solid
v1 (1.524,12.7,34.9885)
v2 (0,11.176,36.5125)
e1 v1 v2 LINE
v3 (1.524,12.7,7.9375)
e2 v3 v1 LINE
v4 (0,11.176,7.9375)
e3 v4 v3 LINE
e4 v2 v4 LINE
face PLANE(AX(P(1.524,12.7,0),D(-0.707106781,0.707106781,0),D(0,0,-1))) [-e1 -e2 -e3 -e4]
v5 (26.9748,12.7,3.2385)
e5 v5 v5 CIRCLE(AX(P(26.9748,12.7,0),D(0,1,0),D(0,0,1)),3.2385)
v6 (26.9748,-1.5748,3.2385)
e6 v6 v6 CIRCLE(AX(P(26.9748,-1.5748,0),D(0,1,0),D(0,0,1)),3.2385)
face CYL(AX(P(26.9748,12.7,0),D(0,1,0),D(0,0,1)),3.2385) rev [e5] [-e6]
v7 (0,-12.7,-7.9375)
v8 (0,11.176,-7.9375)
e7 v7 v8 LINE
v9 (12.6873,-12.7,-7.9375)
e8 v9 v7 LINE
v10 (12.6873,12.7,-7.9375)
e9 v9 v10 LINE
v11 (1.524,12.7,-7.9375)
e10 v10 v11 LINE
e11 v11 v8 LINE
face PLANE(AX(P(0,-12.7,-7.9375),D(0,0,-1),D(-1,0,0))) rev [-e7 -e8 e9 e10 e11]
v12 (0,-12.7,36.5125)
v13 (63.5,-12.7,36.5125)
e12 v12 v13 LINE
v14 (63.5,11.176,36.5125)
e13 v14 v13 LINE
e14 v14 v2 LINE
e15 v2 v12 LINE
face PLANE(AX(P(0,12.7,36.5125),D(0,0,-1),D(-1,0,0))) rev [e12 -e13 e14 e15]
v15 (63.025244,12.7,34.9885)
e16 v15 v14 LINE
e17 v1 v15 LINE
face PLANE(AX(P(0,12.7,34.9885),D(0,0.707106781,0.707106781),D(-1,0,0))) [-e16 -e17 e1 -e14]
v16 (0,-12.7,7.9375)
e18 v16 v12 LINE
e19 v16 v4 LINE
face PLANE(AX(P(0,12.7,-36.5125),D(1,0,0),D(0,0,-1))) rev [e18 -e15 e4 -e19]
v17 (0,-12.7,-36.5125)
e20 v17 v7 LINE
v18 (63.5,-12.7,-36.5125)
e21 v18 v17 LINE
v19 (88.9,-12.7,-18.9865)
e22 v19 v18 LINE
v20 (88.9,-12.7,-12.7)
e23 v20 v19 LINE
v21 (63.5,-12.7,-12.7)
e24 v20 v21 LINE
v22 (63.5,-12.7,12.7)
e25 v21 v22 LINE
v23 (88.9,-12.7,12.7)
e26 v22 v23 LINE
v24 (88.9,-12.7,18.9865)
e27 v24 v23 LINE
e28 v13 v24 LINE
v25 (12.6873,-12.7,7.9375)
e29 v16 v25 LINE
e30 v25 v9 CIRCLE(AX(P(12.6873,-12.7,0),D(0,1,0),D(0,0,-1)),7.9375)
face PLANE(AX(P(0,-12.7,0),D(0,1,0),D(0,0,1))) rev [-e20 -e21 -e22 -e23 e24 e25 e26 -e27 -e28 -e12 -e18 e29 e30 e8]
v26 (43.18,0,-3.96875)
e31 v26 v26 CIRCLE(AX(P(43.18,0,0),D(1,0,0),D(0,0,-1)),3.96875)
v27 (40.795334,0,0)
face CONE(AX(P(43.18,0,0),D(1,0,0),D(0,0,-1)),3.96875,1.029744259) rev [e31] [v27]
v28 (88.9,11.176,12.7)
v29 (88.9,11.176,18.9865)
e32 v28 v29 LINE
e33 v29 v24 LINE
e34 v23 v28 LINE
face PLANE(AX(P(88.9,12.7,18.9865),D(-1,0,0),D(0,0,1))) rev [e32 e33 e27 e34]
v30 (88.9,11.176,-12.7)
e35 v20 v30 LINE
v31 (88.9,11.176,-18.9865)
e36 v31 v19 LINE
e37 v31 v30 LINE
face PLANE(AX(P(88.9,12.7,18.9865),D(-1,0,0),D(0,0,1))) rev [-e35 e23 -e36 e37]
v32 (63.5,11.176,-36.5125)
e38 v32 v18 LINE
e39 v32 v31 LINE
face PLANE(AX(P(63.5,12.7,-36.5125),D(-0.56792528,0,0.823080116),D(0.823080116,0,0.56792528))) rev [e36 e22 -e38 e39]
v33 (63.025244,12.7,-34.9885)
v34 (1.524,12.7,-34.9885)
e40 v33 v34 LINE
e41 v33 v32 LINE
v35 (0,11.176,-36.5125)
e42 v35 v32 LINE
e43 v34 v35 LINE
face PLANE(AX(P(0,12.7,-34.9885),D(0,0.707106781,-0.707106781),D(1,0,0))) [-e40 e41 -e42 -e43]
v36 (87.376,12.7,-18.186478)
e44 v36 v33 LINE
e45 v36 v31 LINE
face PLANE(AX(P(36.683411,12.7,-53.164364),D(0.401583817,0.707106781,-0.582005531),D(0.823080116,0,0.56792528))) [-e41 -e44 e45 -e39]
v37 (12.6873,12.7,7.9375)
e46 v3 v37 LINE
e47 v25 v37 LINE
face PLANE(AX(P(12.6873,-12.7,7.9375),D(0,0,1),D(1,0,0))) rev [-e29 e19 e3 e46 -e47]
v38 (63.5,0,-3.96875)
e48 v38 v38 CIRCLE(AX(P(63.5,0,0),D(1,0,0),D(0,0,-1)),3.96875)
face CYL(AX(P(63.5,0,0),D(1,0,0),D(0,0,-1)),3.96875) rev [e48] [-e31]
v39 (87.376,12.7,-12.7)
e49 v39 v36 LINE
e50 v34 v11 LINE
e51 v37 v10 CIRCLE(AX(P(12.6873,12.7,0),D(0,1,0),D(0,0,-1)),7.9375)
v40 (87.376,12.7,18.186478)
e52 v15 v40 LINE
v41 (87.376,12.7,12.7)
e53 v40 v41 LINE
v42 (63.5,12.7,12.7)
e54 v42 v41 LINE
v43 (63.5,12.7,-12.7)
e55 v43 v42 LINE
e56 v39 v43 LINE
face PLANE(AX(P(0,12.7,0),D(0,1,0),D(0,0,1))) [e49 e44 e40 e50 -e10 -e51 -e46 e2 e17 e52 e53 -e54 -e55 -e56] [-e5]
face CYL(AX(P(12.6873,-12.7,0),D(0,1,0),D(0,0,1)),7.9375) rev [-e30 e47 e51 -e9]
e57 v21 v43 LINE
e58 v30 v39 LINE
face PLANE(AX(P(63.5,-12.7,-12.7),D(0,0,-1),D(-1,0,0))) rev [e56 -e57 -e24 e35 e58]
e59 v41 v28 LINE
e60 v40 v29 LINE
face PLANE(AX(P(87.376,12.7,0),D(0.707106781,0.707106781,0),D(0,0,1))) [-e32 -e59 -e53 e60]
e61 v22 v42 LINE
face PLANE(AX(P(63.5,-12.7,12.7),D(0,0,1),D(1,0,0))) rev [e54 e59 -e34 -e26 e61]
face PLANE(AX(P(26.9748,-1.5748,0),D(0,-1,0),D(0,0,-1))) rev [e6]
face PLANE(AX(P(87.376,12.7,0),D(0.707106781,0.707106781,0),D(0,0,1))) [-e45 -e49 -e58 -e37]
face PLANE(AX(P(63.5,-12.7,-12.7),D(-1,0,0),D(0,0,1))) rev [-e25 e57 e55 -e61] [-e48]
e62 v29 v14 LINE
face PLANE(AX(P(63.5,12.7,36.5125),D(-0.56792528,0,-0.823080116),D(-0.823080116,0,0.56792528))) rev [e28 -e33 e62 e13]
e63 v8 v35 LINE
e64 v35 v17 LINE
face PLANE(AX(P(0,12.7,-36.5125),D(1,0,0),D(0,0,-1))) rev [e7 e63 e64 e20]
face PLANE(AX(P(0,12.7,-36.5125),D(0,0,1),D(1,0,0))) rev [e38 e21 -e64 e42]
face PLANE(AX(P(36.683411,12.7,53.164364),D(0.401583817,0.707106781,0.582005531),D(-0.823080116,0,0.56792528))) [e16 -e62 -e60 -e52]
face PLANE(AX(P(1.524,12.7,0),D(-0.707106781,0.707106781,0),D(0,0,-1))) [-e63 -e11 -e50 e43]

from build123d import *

# Parameters (mm, degrees)
BOSS_EXTRUDE2_DEPTH         = 12.7
SKETCH3_W                   = 25.4
SKETCH3_H                   = 25.4
CUT_EXTRUDE1_DEPTH          = 26.4
CUT_EXTRUDE3_DEPTH          = 26.4
HOLE1_D                     = 6.477
HOLE1_DEPTH                 = 14.2748
F_3_8_16_TAPPED_HOLE1_D     = 7.9375
F_3_8_16_TAPPED_HOLE1_DEPTH = 20.32
F_3_8_16_TAPPED_HOLE1_TIP   = 2.384665582
CHAMFER1_SIZE               = 1.524


with BuildPart() as part:
    # Sketch2 → Boss-Extrude2 (new body, symmetric)
    with BuildSketch(Plane(origin=(0, 0, 0), x_dir=(1, 0, 0), z_dir=(0, 1, 0))):
        Polygon((0, 36.5125), (0, -36.5125), (63.5, -36.5125), (88.9, -18.9865), (88.9, 18.9865), (63.5, 36.5125), align=None)
    extrude(amount=BOSS_EXTRUDE2_DEPTH, both=True)

    # Sketch3 → Cut-Extrude1 (cut, through all)
    with BuildSketch(Plane(origin=(0, 12.7, 0), x_dir=(1, 0, 0), z_dir=(0, 1, 0))):
        with Locations((76.2, 0)):
            Rectangle(SKETCH3_W, SKETCH3_H)
    extrude(amount=-CUT_EXTRUDE1_DEPTH, mode=Mode.SUBTRACT)

    # Sketch4 → Cut-Extrude3 (cut, through all)
    with BuildSketch(Plane(origin=(0, 12.7, 0), x_dir=(1, 0, 0), z_dir=(0, 1, 0))):
        with BuildLine():
            Line((0, 7.9375), (12.6873, 7.9375))
            ThreePointArc((12.6873, 7.9375), (20.6248, 0), (12.6873, -7.9375))
            Line((12.6873, -7.9375), (0, -7.9375))
            Line((0, -7.9375), (0, 7.9375))
        make_face()
    extrude(amount=-CUT_EXTRUDE3_DEPTH, mode=Mode.SUBTRACT)

    # Hole1
    with Locations(Plane(origin=(0, 12.7, 0), x_dir=(1, 0, 0), z_dir=(0, 1, 0))):
        with Locations((26.9748, 0)):
            Hole(HOLE1_D / 2, depth=HOLE1_DEPTH)

    # 3/8-16 Tapped Hole1
    with Locations(Plane(origin=(63.5, 0, 0), x_dir=(0, 0, -1), z_dir=(1, 0, 0))):
        with Locations((0, 0)):
            Hole(F_3_8_16_TAPPED_HOLE1_D / 2, depth=F_3_8_16_TAPPED_HOLE1_DEPTH)
            with Locations((0, 0, -(F_3_8_16_TAPPED_HOLE1_DEPTH + F_3_8_16_TAPPED_HOLE1_TIP / 2))):  # 118° drill point
                Cone(0, F_3_8_16_TAPPED_HOLE1_D / 2, F_3_8_16_TAPPED_HOLE1_TIP, mode=Mode.SUBTRACT)

    # Chamfer1
    chamfer1_edges = [part.edges().sort_by_distance(p)[0] for p in [
        (31.75, 12.7, 36.5125),
        (76.2, 12.7, 27.7495),
        (88.9, 12.7, 15.84325),
        (76.2, 12.7, -27.7495),
        (88.9, 12.7, -15.84325),
        (0, 12.7, 22.225),
        (31.75, 12.7, -36.5125),
        (0, 12.7, -22.225),
    ]]
    chamfer(chamfer1_edges, length=CHAMFER1_SIZE)


solid = part.part
